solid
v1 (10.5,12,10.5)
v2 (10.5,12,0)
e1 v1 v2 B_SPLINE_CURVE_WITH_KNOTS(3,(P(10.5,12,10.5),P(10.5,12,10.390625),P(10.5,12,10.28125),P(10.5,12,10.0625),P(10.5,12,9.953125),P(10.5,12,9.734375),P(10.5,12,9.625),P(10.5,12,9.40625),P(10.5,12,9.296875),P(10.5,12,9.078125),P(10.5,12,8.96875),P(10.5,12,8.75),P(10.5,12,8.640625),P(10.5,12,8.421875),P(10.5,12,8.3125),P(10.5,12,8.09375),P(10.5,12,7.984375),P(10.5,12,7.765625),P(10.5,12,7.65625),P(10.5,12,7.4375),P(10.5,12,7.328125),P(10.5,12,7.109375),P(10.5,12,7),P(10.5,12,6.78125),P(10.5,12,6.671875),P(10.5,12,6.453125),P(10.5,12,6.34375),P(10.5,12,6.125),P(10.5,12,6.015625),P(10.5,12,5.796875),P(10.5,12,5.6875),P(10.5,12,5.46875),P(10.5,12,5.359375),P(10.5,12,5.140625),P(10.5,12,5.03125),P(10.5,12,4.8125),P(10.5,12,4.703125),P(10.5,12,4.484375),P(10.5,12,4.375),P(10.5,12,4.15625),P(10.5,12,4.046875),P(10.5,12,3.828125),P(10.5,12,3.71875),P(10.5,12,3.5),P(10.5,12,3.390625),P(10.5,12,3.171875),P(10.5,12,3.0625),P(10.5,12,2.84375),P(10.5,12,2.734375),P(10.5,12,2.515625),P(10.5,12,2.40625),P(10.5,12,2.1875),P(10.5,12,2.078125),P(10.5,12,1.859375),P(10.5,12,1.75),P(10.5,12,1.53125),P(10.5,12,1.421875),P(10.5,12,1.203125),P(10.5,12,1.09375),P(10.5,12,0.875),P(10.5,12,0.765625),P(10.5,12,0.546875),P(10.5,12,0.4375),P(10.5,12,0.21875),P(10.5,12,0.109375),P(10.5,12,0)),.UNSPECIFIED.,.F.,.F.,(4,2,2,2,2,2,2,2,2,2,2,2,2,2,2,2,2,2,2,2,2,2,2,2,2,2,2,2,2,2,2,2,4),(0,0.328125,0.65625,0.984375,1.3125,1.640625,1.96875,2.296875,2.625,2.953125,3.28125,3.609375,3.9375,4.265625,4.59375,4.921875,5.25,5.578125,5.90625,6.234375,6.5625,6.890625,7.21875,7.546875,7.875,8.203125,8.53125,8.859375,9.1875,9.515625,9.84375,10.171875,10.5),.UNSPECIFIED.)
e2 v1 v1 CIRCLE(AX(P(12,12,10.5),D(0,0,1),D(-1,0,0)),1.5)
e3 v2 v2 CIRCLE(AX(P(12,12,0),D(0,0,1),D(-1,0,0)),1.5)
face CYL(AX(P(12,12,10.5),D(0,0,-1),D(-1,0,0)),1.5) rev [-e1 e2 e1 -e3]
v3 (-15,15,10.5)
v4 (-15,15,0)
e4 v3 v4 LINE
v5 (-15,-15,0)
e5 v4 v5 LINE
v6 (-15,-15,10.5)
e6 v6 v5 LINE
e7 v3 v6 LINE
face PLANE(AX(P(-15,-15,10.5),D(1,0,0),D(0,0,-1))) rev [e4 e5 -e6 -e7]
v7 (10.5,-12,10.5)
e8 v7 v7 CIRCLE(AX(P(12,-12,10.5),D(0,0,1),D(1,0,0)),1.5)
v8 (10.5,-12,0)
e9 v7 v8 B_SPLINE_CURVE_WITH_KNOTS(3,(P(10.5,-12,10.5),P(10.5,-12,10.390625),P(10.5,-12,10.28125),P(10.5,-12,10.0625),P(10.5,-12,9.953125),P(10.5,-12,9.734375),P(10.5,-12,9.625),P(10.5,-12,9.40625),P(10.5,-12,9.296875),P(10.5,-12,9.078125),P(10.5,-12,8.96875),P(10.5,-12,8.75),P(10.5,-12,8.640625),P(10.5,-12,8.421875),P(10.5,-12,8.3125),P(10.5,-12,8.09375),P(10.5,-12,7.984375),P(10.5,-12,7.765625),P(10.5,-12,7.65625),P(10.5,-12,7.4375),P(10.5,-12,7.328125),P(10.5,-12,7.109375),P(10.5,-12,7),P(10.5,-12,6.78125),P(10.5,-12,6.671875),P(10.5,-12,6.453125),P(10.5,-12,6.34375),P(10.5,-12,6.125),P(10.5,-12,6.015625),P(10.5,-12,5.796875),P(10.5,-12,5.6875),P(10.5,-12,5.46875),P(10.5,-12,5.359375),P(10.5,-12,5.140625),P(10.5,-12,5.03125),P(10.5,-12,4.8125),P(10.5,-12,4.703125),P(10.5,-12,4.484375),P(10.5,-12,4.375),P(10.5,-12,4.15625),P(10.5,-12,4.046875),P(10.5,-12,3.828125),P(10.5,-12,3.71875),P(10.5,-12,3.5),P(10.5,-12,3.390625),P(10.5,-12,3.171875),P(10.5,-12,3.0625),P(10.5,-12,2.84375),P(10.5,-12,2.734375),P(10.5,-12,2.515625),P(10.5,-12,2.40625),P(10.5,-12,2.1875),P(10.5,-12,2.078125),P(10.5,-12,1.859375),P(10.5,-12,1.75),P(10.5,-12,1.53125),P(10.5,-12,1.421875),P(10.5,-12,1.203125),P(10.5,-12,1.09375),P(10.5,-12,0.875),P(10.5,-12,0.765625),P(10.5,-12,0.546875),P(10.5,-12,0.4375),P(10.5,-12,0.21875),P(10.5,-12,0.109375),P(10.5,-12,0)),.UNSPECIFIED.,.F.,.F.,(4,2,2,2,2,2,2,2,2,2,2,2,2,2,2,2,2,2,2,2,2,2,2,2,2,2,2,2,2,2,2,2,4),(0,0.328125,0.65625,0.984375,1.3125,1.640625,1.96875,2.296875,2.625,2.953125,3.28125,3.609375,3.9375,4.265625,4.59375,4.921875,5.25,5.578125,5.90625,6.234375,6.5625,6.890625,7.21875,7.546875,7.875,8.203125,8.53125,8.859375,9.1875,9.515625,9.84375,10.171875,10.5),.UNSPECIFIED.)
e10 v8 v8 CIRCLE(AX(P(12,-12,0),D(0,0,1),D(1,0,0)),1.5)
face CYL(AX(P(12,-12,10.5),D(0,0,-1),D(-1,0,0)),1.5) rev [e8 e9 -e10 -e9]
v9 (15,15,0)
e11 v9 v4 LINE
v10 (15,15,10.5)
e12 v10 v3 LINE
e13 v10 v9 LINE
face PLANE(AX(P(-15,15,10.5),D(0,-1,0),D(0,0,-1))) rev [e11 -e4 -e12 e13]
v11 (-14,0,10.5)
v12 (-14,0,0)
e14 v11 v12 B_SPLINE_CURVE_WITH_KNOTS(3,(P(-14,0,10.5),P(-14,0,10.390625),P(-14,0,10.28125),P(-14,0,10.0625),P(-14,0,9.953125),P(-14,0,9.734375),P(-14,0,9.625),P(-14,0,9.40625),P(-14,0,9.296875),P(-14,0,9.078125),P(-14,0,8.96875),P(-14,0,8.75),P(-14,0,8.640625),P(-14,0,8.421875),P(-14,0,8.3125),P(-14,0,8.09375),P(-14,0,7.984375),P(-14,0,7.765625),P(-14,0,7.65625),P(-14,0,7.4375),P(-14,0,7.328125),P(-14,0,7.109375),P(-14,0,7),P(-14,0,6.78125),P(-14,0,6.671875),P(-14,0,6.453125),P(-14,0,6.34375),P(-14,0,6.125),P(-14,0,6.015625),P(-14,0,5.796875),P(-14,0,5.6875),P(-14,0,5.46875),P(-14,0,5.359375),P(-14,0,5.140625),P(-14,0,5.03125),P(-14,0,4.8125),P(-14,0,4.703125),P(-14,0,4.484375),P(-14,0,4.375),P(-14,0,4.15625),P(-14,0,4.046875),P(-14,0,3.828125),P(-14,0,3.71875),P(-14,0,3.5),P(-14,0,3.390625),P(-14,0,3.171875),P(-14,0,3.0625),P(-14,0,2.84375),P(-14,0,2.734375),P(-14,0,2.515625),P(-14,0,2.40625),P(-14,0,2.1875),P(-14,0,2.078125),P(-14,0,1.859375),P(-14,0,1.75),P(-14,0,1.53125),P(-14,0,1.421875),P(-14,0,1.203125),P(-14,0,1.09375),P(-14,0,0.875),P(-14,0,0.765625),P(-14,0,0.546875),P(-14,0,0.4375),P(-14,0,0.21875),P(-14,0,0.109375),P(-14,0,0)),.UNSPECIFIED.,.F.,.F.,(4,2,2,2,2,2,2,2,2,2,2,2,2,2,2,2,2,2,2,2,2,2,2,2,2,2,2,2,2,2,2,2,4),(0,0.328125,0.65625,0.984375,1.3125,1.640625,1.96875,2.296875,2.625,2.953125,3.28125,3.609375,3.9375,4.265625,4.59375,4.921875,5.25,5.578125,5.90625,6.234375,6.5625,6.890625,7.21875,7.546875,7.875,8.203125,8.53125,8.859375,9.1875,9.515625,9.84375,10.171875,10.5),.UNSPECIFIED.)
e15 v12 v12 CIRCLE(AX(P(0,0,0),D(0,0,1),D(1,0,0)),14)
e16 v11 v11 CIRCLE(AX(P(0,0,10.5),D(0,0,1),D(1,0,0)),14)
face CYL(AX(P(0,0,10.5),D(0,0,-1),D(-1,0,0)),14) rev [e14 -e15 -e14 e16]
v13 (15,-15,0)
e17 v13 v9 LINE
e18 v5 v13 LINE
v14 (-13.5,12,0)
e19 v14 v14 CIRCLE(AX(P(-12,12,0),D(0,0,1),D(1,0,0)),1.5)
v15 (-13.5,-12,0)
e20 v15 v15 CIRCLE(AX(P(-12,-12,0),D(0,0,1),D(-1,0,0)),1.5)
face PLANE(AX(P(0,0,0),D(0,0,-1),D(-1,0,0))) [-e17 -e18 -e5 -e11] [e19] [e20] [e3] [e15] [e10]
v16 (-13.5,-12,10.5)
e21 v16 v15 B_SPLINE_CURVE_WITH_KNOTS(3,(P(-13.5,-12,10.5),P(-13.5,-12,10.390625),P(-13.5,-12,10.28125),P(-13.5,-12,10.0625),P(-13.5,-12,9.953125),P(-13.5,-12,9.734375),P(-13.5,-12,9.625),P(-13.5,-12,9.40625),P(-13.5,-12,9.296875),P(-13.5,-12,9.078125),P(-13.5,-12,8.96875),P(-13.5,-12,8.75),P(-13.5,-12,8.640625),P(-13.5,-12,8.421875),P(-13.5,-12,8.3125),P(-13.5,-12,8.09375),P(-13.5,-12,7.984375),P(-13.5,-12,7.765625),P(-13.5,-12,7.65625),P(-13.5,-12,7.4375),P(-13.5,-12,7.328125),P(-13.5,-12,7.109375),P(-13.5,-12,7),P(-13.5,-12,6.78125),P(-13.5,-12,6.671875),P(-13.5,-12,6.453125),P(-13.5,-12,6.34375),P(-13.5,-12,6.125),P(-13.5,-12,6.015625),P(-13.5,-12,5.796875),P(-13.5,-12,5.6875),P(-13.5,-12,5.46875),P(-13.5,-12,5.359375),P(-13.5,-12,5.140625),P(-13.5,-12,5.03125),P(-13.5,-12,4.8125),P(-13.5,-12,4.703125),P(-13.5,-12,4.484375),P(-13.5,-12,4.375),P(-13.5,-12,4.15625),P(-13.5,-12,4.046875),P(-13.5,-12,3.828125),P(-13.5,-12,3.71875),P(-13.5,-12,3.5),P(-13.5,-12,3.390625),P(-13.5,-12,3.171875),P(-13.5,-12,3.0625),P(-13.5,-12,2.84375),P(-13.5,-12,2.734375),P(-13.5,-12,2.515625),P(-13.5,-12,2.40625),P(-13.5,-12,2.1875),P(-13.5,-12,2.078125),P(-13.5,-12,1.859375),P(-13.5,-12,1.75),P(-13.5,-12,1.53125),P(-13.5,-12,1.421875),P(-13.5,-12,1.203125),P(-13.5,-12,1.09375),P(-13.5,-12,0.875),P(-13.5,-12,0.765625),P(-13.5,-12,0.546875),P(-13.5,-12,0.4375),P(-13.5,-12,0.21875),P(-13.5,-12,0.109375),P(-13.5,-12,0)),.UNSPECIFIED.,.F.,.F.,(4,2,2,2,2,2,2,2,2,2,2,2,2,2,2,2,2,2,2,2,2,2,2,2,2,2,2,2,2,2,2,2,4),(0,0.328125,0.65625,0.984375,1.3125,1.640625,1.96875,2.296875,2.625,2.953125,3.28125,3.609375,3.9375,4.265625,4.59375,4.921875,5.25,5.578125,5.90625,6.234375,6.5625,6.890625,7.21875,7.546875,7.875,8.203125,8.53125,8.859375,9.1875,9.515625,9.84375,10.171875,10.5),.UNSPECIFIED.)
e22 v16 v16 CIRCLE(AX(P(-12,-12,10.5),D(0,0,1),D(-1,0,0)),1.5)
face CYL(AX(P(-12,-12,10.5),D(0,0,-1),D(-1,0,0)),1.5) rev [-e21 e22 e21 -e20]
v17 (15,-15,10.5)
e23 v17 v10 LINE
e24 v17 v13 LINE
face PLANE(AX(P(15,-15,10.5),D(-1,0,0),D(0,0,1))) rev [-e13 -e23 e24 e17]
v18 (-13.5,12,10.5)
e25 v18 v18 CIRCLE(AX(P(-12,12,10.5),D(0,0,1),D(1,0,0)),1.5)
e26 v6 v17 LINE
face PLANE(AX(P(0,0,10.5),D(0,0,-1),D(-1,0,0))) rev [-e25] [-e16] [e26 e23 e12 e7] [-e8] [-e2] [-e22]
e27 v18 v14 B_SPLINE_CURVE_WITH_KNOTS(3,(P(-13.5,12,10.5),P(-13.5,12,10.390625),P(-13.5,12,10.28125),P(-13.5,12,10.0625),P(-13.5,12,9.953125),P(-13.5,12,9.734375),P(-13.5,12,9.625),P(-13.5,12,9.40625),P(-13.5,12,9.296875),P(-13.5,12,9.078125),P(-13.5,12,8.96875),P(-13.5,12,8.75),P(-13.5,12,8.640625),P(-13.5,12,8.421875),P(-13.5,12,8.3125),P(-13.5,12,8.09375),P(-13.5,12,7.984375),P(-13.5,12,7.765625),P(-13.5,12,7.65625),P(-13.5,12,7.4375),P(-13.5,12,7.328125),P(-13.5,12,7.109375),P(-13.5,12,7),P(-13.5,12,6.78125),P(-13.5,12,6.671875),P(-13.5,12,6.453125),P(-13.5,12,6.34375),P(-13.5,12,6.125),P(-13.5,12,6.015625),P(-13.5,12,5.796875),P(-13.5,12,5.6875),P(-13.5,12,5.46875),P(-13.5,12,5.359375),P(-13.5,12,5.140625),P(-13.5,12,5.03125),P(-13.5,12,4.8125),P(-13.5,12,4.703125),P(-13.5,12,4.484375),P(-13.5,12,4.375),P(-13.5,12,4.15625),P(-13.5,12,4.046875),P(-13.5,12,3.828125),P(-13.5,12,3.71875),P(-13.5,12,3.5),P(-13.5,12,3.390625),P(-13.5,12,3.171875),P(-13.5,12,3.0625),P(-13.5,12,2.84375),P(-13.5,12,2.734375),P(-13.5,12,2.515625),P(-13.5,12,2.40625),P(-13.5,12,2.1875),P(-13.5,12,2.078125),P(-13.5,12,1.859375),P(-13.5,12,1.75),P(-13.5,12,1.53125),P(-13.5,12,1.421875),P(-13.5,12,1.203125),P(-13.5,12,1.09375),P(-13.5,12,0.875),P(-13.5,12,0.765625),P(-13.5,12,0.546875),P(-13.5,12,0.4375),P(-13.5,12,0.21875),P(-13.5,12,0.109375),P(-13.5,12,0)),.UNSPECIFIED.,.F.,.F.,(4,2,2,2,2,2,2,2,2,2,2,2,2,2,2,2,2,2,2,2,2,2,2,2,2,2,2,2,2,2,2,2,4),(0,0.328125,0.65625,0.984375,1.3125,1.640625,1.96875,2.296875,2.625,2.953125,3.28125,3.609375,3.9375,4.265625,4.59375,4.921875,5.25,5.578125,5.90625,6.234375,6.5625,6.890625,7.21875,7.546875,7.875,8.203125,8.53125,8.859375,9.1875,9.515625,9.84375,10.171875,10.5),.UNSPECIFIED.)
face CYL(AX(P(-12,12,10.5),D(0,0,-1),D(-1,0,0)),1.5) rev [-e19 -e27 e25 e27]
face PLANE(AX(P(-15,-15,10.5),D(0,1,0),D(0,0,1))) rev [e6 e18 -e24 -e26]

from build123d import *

# Parameters (mm, degrees)
SKETCH_1_W      = 30
SKETCH_1_H      = 30
SKETCH_1_R      = 14
SKETCH_1_R_2    = 1.5
EXTRUDE_1_DEPTH = 10.5


with BuildPart() as part:
    # 草图1 → 凸台-拉伸1 (new body)
    with BuildSketch(Plane.XY):
        Rectangle(SKETCH_1_W, SKETCH_1_H)
        with Locations(Location((0, 0, 0), (0, 0, 180))):
            Circle(SKETCH_1_R, mode=Mode.SUBTRACT)
        with Locations(Location((-12, 12, 0), (0, 0, 180))):
            Circle(SKETCH_1_R_2, mode=Mode.SUBTRACT)
        with Locations(Location((12, 12, 0), (0, 0, 180))):
            Circle(SKETCH_1_R_2, mode=Mode.SUBTRACT)
        with Locations(Location((12, -12, 0), (0, 0, 180))):
            Circle(SKETCH_1_R_2, mode=Mode.SUBTRACT)
        with Locations(Location((-12, -12, 0), (0, 0, 180))):
            Circle(SKETCH_1_R_2, mode=Mode.SUBTRACT)
    extrude(amount=EXTRUDE_1_DEPTH)


solid = part.part
